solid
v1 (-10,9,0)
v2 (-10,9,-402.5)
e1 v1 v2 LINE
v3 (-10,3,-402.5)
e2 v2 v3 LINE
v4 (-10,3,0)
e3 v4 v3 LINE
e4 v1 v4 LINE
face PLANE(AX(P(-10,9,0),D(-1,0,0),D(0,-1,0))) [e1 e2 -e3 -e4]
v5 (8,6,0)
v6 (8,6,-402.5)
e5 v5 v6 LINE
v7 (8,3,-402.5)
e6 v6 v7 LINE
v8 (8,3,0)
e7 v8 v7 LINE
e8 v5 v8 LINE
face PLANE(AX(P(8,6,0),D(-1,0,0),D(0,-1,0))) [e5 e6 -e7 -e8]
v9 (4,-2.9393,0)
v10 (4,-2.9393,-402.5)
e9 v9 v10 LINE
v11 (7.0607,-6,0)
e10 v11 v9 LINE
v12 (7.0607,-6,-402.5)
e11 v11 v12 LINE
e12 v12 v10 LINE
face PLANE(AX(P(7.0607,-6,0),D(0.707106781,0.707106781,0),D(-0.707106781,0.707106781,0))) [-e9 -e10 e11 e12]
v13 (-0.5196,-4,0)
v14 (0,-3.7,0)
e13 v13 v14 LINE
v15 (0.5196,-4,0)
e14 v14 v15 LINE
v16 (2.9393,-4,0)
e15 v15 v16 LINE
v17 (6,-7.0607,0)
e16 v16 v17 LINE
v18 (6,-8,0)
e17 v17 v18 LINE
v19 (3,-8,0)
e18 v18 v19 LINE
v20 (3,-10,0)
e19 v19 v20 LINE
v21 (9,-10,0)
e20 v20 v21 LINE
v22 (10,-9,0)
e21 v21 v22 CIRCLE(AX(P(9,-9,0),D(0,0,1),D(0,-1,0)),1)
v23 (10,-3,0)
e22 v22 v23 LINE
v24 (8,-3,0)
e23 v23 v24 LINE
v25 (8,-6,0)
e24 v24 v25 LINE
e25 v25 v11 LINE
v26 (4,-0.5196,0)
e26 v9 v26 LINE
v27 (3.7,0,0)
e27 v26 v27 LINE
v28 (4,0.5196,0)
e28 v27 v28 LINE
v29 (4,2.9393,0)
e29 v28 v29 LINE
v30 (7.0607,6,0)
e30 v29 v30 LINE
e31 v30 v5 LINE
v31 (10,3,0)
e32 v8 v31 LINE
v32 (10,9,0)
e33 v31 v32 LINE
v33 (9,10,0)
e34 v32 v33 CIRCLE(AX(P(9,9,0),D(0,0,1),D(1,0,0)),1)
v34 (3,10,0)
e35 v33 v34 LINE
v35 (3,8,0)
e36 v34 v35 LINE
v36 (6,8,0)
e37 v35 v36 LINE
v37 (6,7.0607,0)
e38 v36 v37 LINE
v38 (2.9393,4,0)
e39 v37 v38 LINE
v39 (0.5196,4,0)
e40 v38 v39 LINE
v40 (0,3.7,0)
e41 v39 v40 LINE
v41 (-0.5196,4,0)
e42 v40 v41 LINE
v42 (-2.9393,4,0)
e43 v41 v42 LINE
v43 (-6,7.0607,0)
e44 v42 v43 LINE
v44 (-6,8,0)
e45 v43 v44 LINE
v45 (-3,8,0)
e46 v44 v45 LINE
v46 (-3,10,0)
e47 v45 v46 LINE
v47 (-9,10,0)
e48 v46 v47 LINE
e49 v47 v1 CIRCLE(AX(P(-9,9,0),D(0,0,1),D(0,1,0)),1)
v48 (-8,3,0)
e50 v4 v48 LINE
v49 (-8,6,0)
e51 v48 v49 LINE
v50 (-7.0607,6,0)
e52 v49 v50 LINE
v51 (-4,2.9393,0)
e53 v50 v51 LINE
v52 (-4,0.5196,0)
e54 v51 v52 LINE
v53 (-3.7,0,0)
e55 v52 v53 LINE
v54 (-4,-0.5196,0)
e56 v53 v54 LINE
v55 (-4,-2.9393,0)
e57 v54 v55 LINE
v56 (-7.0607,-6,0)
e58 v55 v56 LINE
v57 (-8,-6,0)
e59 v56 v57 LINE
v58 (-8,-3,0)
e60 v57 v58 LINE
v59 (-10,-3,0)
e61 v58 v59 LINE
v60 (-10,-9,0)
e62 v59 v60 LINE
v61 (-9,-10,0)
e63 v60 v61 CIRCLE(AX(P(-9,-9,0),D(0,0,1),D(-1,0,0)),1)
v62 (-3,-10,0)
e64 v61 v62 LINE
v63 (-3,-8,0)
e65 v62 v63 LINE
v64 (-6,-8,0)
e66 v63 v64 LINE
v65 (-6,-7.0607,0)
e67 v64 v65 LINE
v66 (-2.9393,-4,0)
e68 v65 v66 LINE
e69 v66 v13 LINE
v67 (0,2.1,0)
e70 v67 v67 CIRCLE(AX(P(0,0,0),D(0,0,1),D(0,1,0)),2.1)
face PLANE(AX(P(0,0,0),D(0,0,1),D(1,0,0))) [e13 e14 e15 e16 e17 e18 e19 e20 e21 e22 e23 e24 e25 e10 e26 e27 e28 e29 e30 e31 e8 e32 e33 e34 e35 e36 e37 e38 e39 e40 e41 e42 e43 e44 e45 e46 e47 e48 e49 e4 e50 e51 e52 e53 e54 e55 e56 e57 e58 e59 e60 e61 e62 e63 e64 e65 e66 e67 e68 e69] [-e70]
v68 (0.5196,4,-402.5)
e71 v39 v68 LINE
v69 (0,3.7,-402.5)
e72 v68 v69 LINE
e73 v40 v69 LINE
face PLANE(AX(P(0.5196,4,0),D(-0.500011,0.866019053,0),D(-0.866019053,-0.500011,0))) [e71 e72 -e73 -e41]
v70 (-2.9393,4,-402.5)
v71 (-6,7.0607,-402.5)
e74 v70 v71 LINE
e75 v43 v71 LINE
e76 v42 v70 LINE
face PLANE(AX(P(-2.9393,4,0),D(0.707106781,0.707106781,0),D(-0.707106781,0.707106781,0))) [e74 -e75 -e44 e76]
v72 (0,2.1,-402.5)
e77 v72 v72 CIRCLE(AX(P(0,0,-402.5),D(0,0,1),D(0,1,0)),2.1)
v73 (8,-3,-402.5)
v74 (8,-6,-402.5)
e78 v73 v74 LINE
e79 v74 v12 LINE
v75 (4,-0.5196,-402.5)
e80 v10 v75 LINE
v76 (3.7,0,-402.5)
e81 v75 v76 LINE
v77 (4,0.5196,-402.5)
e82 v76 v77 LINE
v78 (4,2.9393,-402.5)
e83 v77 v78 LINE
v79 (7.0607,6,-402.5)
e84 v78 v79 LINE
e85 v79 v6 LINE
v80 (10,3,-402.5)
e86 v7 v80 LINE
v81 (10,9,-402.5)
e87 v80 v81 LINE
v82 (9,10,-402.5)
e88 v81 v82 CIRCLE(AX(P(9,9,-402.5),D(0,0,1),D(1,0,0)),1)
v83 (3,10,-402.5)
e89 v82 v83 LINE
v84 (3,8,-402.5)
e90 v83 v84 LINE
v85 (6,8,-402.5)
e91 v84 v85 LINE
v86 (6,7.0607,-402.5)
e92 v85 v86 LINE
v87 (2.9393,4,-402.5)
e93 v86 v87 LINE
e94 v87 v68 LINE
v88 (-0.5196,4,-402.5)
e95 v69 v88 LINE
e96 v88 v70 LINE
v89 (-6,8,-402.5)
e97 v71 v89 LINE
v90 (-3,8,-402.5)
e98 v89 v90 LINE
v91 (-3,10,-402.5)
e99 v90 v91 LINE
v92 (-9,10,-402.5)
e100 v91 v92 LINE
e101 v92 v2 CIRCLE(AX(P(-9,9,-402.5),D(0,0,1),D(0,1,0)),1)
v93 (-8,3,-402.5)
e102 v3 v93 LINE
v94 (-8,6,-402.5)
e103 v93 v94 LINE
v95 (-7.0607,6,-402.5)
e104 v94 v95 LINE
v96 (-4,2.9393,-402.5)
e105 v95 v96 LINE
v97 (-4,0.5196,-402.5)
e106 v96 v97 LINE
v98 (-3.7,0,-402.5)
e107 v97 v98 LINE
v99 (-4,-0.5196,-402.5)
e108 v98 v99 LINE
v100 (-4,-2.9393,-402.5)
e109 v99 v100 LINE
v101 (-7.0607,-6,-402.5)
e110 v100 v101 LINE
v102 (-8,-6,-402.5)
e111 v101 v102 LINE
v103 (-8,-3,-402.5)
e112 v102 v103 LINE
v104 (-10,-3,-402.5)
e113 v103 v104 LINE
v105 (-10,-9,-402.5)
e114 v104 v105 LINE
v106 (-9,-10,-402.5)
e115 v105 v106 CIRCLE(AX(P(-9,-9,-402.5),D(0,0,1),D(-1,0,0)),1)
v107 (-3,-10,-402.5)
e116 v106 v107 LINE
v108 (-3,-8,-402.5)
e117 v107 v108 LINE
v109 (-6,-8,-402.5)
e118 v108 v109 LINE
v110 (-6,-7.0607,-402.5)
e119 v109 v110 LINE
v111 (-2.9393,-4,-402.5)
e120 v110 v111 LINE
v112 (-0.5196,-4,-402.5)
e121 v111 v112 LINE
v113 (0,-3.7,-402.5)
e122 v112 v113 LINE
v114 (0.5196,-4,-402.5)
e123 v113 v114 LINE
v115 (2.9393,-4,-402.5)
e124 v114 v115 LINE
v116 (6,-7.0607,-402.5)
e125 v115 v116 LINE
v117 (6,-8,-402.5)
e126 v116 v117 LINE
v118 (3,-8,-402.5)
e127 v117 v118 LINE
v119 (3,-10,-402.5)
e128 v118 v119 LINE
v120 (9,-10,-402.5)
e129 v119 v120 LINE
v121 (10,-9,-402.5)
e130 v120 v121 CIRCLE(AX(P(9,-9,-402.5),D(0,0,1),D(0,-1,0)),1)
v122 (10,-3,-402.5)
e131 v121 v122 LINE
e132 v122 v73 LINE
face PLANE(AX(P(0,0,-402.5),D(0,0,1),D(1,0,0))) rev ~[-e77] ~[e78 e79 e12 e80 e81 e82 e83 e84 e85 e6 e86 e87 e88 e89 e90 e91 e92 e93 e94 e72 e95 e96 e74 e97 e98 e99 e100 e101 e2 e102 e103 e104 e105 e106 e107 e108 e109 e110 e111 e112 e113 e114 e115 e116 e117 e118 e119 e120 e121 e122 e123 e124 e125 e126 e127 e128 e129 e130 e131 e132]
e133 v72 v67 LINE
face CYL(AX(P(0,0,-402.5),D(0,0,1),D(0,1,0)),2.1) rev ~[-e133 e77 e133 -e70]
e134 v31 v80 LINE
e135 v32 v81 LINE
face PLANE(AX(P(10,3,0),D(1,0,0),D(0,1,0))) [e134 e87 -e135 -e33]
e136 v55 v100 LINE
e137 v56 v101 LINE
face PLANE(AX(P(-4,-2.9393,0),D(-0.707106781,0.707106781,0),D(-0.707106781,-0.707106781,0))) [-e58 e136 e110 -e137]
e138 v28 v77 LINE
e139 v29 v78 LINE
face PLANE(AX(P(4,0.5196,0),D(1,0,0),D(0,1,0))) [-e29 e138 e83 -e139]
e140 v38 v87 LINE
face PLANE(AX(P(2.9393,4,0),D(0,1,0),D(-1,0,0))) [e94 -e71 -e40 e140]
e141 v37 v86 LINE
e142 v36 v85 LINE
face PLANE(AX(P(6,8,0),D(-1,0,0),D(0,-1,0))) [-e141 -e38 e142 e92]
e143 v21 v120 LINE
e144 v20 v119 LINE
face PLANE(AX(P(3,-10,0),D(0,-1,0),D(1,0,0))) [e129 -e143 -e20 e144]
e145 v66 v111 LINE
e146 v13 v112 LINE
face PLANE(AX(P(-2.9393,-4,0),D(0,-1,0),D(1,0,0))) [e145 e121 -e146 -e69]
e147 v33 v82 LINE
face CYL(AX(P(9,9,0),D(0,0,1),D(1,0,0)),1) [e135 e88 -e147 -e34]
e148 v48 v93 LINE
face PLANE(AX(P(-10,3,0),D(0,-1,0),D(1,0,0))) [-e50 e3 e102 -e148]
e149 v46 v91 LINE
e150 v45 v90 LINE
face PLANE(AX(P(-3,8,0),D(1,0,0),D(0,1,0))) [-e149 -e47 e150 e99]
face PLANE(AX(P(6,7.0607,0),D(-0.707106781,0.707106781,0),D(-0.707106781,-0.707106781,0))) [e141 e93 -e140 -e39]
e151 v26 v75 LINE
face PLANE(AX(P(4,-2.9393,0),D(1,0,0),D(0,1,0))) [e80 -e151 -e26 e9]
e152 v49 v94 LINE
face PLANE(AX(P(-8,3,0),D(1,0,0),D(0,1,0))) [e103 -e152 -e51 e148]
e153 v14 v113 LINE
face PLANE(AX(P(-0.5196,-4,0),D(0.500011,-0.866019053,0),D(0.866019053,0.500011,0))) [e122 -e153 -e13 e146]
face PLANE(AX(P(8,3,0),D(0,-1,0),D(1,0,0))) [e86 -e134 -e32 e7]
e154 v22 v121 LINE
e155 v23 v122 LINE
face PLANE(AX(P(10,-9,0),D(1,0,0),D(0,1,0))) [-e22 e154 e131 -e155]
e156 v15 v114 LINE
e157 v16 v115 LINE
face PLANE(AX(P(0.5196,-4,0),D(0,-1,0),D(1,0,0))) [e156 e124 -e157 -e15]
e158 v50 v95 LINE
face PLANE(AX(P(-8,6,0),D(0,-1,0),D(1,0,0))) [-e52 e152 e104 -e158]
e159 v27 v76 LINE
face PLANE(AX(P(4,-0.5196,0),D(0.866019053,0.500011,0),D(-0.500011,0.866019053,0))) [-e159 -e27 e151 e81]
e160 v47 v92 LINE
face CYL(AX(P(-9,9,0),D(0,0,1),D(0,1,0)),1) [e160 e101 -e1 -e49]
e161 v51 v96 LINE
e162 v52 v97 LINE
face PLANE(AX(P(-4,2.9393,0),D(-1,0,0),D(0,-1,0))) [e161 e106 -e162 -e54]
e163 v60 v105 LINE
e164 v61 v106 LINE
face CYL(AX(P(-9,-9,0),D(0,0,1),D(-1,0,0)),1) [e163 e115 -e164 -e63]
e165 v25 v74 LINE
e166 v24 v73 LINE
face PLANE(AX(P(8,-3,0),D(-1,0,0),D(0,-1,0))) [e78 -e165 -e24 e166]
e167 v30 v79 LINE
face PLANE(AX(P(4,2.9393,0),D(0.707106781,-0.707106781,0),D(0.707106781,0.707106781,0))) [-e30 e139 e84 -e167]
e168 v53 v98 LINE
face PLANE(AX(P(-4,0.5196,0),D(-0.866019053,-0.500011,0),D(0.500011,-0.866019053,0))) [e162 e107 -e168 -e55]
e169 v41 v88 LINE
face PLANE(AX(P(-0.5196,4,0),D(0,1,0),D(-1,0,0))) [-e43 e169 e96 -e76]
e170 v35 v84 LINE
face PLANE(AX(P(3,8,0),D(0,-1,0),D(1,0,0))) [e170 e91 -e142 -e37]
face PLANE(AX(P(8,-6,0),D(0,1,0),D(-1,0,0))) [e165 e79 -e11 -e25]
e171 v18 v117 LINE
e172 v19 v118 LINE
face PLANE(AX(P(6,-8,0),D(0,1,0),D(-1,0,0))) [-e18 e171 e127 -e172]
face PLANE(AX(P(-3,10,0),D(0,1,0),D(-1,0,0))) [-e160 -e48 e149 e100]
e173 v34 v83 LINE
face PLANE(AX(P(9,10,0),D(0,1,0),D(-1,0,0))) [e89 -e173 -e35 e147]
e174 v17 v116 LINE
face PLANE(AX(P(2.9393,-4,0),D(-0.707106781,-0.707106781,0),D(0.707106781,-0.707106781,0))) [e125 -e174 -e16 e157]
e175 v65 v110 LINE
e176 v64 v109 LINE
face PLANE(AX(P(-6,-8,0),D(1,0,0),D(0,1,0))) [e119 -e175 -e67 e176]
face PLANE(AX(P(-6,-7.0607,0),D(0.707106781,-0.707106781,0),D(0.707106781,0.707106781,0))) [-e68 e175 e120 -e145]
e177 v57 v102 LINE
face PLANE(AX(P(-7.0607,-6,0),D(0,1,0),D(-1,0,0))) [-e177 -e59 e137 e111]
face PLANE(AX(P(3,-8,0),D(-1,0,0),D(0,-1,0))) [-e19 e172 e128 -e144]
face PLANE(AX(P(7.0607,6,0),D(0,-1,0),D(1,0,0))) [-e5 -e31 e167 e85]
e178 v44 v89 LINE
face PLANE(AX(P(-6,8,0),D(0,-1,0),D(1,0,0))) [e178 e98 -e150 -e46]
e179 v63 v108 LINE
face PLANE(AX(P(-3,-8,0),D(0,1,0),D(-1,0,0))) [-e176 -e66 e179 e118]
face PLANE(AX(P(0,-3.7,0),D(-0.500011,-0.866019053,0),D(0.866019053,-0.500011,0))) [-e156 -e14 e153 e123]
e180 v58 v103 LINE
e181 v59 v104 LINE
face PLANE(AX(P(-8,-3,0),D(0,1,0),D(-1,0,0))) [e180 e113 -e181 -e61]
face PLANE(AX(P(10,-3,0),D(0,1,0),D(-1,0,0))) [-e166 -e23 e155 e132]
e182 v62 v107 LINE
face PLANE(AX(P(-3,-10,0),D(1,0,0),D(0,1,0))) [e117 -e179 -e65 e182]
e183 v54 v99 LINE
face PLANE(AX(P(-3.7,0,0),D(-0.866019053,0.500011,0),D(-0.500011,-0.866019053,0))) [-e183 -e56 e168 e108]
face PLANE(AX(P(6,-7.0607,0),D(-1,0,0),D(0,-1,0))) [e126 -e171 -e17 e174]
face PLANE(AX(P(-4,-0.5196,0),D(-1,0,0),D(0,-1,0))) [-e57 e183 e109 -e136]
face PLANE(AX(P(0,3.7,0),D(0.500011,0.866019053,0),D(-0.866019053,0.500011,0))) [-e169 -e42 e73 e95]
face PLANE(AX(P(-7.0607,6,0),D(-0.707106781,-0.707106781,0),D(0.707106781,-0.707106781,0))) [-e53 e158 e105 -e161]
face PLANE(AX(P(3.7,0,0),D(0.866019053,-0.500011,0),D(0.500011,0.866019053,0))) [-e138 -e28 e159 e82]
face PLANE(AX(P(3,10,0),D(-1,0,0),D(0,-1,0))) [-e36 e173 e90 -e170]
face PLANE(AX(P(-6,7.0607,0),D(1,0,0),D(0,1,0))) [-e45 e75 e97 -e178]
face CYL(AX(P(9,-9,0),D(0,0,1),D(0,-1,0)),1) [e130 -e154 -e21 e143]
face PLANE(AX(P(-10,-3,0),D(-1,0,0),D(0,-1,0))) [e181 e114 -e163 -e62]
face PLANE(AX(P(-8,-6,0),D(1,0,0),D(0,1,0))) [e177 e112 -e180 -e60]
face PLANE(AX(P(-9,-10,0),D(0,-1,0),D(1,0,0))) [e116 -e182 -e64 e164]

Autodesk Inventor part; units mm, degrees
sketch "Sketch_1" plane through (0, 0, 0) normal (0, 0, 1) x (1, 0, 0)
  line L0 (-10, -3) -> (-10, -9)
  arc A0 (-10, -9) -> (-9, -10) centre (-9, -9) ccw
  line L1 (-9, -10) -> (-3, -10)
  line L2 (-3, -10) -> (-3, -8)
  line L3 (-3, -8) -> (-6, -8)
  line L4 (-6, -8) -> (-6, -7.0607)
  line L5 (-6, -7.0607) -> (-2.9393, -4)
  line L6 (-2.9393, -4) -> (-0.5196, -4)
  line L7 (-0.5196, -4) -> (0, -3.7)
  line L8 (0, -3.7) -> (0.5196, -4)
  line L9 (0.5196, -4) -> (2.9393, -4)
  line L10 (2.9393, -4) -> (6, -7.0607)
  line L11 (6, -7.0607) -> (6, -8)
  line L12 (6, -8) -> (3, -8)
  line L13 (3, -8) -> (3, -10)
  line L14 (3, -10) -> (9, -10)
  arc A1 (9, -10) -> (10, -9) centre (9, -9) ccw
  line L15 (10, -9) -> (10, -3)
  line L16 (10, -3) -> (8, -3)
  line L17 (8, -3) -> (8, -6)
  line L18 (8, -6) -> (7.0607, -6)
  line L19 (7.0607, -6) -> (4, -2.9393)
  line L20 (4, -2.9393) -> (4, -0.5196)
  line L21 (4, -0.5196) -> (3.7, 0)
  line L22 (3.7, 0) -> (4, 0.5196)
  line L23 (4, 0.5196) -> (4, 2.9393)
  line L24 (4, 2.9393) -> (7.0607, 6)
  line L25 (7.0607, 6) -> (8, 6)
  line L26 (8, 6) -> (8, 3)
  line L27 (8, 3) -> (10, 3)
  line L28 (10, 3) -> (10, 9)
  arc A2 (10, 9) -> (9, 10) centre (9, 9) ccw
  line L29 (9, 10) -> (3, 10)
  line L30 (3, 10) -> (3, 8)
  line L31 (3, 8) -> (6, 8)
  line L32 (6, 8) -> (6, 7.0607)
  line L33 (6, 7.0607) -> (2.9393, 4)
  line L34 (2.9393, 4) -> (0.5196, 4)
  line L35 (0.5196, 4) -> (0, 3.7)
  line L36 (0, 3.7) -> (-0.5196, 4)
  line L37 (-0.5196, 4) -> (-2.9393, 4)
  line L38 (-2.9393, 4) -> (-6, 7.0607)
  line L39 (-6, 7.0607) -> (-6, 8)
  line L40 (-6, 8) -> (-3, 8)
  line L41 (-3, 8) -> (-3, 10)
  line L42 (-3, 10) -> (-9, 10)
  arc A3 (-9, 10) -> (-10, 9) centre (-9, 9) ccw
  line L43 (-10, 9) -> (-10, 3)
  line L44 (-10, 3) -> (-8, 3)
  line L45 (-8, 3) -> (-8, 6)
  line L46 (-8, 6) -> (-7.0607, 6)
  line L47 (-7.0607, 6) -> (-4, 2.9393)
  line L48 (-4, 2.9393) -> (-4, 0.5196)
  line L49 (-4, 0.5196) -> (-3.7, 0)
  line L50 (-3.7, 0) -> (-4, -0.5196)
  line L51 (-4, -0.5196) -> (-4, -2.9393)
  line L52 (-4, -2.9393) -> (-7.0607, -6)
  line L53 (-7.0607, -6) -> (-8, -6)
  line L54 (-8, -6) -> (-8, -3)
  line L55 (-8, -3) -> (-10, -3)
extrude "Extrusion1" add sketch "Sketch_1" against normal blind 402.5
sketch "Sketch2" plane through (0, 0, -402.5) normal (0, 0, -1) x (-1, 0, 0)
  point P0 (0, 0)
hole "Hole1" at (0, 0, -402.5) direction (0, 0, 1) diameter 4.2 depth 402.5
ref_plane "C1_XY" through (0, 0, 0) normal (0, 0, 1) x (1, 0, 0)
ref_plane "C1_YZ" through (0, 0, 0) normal (1, 0, 0) x (0, 1, 0)
ref_plane "C1_ZX" through (0, 0, 0) normal (0, 1, 0) x (0, 0, 1)
properties part number "HFS5-2020-402.5"
